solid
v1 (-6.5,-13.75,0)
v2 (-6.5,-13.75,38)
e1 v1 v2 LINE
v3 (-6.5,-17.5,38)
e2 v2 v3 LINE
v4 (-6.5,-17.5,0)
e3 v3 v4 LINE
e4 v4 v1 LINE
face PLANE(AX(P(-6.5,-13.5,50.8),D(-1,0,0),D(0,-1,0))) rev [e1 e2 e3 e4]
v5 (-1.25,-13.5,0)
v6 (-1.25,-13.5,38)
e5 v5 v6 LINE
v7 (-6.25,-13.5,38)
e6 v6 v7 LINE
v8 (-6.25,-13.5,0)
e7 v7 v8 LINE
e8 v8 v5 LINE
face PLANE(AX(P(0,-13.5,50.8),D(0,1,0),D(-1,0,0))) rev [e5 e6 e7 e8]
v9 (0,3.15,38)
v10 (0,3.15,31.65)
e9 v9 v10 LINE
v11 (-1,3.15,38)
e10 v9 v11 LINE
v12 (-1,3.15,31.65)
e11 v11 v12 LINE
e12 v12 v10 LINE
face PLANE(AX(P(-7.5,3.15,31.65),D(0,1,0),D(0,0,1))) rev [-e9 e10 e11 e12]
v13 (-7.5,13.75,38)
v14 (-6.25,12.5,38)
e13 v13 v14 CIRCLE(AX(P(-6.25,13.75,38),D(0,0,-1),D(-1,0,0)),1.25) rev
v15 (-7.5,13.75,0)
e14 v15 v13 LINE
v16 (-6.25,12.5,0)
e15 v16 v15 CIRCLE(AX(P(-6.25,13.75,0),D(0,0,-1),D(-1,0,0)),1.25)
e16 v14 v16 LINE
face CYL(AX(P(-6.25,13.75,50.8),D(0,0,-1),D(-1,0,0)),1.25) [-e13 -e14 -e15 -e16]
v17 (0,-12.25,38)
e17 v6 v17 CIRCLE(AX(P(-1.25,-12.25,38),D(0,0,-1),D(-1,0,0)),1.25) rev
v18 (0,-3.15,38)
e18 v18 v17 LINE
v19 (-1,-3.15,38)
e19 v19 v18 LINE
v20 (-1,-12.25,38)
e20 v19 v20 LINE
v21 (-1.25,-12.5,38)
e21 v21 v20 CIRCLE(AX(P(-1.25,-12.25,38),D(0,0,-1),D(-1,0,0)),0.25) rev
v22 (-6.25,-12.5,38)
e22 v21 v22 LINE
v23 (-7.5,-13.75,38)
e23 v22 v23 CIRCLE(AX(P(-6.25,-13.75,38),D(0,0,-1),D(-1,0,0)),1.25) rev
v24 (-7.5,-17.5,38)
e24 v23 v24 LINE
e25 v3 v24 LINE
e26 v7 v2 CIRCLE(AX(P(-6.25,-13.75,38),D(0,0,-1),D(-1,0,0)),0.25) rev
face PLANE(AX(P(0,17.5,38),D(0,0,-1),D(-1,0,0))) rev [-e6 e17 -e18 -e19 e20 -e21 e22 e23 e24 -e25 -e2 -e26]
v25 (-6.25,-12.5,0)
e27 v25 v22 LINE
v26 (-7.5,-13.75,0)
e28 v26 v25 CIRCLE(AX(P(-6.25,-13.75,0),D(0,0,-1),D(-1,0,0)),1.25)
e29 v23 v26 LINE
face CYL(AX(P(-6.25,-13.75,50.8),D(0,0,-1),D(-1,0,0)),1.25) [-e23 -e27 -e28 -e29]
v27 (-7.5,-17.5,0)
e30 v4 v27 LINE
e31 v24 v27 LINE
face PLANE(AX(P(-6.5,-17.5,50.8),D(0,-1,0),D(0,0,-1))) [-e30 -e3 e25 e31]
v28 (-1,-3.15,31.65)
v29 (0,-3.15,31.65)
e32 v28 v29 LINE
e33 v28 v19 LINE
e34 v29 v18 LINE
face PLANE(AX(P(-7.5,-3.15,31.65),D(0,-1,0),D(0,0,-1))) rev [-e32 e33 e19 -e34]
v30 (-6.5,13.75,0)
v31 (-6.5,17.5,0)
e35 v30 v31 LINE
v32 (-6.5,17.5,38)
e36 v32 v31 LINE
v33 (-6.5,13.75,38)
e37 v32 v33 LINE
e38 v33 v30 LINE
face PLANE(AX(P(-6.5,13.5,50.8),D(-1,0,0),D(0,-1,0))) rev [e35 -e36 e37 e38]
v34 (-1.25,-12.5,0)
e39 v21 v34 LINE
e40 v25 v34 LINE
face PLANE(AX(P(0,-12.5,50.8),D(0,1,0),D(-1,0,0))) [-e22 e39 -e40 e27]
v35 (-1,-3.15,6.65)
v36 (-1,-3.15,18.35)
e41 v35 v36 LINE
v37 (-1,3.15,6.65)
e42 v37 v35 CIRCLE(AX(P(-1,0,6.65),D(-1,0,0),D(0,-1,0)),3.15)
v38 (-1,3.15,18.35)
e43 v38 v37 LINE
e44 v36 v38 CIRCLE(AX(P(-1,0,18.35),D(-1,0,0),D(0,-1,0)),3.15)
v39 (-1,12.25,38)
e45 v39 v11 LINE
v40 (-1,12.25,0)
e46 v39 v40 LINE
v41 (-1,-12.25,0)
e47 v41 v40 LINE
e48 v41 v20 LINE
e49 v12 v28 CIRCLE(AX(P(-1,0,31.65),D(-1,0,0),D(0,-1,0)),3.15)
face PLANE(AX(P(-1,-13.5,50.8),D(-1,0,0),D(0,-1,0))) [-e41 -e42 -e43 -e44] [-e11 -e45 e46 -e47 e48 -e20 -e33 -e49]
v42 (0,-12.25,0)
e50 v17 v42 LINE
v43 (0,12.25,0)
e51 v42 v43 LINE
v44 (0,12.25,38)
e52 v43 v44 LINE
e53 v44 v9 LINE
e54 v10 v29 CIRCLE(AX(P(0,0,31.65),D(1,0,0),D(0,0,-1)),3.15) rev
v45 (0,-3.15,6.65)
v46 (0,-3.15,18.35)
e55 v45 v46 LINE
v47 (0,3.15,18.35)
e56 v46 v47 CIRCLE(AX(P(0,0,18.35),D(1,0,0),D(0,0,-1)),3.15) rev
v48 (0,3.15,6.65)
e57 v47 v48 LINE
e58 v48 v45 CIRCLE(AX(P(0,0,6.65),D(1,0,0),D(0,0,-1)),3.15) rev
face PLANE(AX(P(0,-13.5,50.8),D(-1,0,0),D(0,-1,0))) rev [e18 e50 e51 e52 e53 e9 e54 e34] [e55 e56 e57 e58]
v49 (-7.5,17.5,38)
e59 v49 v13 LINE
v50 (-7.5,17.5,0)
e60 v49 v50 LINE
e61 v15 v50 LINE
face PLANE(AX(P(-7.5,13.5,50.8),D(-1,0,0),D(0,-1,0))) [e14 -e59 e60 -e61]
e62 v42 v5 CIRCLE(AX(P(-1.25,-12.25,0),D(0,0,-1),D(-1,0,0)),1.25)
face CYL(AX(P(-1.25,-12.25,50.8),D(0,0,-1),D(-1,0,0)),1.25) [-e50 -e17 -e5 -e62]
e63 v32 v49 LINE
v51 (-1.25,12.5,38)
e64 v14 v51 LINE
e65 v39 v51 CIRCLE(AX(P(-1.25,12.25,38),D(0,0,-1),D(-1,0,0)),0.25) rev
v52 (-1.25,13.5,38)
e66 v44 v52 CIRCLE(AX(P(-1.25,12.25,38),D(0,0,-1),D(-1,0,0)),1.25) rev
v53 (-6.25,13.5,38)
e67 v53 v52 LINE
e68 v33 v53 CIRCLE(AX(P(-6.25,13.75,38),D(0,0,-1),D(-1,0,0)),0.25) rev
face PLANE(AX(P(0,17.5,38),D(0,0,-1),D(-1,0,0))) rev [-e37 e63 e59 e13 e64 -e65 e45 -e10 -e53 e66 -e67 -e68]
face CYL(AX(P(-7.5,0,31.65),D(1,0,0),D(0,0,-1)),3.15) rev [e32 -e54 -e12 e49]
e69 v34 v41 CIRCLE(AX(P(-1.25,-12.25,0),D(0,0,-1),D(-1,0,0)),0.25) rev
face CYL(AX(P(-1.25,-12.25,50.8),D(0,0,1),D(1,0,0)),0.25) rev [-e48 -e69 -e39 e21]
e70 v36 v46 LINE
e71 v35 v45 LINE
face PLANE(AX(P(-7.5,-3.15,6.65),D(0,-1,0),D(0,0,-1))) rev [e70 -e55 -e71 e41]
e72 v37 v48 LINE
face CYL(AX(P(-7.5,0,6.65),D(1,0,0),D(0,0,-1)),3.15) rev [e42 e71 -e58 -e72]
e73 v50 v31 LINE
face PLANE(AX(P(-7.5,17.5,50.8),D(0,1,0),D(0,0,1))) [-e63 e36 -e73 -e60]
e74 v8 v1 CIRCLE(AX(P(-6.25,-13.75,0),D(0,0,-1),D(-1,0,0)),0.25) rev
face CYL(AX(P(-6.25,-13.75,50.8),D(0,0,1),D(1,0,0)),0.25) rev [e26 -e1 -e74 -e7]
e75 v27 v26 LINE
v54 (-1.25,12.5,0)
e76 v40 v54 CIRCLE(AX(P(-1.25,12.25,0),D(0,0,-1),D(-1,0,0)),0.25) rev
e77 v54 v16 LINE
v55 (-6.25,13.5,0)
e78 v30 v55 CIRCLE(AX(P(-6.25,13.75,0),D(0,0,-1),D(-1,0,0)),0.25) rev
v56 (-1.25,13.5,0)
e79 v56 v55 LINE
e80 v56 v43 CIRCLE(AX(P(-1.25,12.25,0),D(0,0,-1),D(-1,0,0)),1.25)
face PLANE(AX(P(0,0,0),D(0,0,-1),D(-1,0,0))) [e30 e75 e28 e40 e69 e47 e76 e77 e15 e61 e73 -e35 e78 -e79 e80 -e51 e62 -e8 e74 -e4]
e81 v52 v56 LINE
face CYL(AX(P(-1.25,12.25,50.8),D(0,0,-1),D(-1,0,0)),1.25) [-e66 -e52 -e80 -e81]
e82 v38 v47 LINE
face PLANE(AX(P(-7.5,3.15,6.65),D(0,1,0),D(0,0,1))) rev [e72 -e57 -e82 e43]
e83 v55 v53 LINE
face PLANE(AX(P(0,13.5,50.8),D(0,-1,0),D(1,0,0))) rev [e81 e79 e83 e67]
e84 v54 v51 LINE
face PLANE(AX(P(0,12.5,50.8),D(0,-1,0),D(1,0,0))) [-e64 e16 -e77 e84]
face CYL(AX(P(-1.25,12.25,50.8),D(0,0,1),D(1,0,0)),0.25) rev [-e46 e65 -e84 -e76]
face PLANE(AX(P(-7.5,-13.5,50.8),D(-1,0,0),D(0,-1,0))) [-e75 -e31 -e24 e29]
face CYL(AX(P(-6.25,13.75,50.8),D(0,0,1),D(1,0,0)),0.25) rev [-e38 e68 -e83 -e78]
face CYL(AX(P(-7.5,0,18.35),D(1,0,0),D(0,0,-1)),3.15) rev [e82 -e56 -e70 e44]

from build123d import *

# Parameters (mm, degrees)
EXTRUDE_THIN1_DEPTH = 50.8
CUT_EXTRUDE1_START  = -8.5
CUT_EXTRUDE1_DEPTH  = 9.5
LPATTERN1_COUNT     = 2
LPATTERN1_PITCH     = 25
FILLET1_R           = 0.25
FILLET2_R           = 1.25
SKETCH5_W           = 12.8
SKETCH5_H           = 35
CUT_EXTRUDE2_DEPTH  = 8.5


with BuildPart() as part:
    # Sketch3 → Extrude-Thin1 (new body)
    with BuildSketch(Plane.XY):
        Polygon((-6.5, 17.5), (-6.5, 13.5), (0, 13.5), (0, -13.5), (-6.5, -13.5), (-6.5, -17.5), (-7.5, -17.5), (-7.5, -12.5), (-1, -12.5), (-1, 12.5), (-7.5, 12.5), (-7.5, 17.5), align=None)
    extrude(amount=EXTRUDE_THIN1_DEPTH)

    # Sketch4 → Cut-Extrude1 (cut)
    with BuildSketch(Plane(origin=(0, 0, 0), x_dir=(0, 0, -1), z_dir=(1, 0, 0)).offset(CUT_EXTRUDE1_START)):
        with BuildLine():
            Line((-6.65, -3.15), (-18.35, -3.15))
            ThreePointArc((-18.35, -3.15), (-21.5, 0), (-18.35, 3.15))
            Line((-18.35, 3.15), (-6.65, 3.15))
            ThreePointArc((-6.65, 3.15), (-3.5, 0), (-6.65, -3.15))
        make_face()
    cut_extrude1 = extrude(amount=CUT_EXTRUDE1_DEPTH, mode=Mode.SUBTRACT)

    # LPattern1: Cut-Extrude1 ×2
    with Locations(*[(0, 0, i * LPATTERN1_PITCH) for i in range(1, LPATTERN1_COUNT)]):
        add(cut_extrude1, mode=Mode.SUBTRACT)

    # Fillet1
    fillet1_edges = [part.edges().sort_by_distance(p)[0] for p in [
        (-6.5, 13.5, 25.4),
        (-6.5, -13.5, 25.4),
        (-1, -12.5, 25.4),
        (-1, 12.5, 25.4),
    ]]
    fillet(fillet1_edges, radius=FILLET1_R)

    # Fillet2
    fillet2_edges = [part.edges().sort_by_distance(p)[0] for p in [
        (0, 13.5, 25.4),
        (0, -13.5, 25.4),
        (-7.5, -12.5, 25.4),
        (-7.5, 12.5, 25.4),
    ]]
    fillet(fillet2_edges, radius=FILLET2_R)

    # Sketch5 → Cut-Extrude2 (cut, through all)
    with BuildSketch(Plane.ZY.offset(7.5)):
        with Locations((44.4, 0)):
            Rectangle(SKETCH5_W, SKETCH5_H)
    extrude(amount=-CUT_EXTRUDE2_DEPTH, mode=Mode.SUBTRACT)


solid = part.part
